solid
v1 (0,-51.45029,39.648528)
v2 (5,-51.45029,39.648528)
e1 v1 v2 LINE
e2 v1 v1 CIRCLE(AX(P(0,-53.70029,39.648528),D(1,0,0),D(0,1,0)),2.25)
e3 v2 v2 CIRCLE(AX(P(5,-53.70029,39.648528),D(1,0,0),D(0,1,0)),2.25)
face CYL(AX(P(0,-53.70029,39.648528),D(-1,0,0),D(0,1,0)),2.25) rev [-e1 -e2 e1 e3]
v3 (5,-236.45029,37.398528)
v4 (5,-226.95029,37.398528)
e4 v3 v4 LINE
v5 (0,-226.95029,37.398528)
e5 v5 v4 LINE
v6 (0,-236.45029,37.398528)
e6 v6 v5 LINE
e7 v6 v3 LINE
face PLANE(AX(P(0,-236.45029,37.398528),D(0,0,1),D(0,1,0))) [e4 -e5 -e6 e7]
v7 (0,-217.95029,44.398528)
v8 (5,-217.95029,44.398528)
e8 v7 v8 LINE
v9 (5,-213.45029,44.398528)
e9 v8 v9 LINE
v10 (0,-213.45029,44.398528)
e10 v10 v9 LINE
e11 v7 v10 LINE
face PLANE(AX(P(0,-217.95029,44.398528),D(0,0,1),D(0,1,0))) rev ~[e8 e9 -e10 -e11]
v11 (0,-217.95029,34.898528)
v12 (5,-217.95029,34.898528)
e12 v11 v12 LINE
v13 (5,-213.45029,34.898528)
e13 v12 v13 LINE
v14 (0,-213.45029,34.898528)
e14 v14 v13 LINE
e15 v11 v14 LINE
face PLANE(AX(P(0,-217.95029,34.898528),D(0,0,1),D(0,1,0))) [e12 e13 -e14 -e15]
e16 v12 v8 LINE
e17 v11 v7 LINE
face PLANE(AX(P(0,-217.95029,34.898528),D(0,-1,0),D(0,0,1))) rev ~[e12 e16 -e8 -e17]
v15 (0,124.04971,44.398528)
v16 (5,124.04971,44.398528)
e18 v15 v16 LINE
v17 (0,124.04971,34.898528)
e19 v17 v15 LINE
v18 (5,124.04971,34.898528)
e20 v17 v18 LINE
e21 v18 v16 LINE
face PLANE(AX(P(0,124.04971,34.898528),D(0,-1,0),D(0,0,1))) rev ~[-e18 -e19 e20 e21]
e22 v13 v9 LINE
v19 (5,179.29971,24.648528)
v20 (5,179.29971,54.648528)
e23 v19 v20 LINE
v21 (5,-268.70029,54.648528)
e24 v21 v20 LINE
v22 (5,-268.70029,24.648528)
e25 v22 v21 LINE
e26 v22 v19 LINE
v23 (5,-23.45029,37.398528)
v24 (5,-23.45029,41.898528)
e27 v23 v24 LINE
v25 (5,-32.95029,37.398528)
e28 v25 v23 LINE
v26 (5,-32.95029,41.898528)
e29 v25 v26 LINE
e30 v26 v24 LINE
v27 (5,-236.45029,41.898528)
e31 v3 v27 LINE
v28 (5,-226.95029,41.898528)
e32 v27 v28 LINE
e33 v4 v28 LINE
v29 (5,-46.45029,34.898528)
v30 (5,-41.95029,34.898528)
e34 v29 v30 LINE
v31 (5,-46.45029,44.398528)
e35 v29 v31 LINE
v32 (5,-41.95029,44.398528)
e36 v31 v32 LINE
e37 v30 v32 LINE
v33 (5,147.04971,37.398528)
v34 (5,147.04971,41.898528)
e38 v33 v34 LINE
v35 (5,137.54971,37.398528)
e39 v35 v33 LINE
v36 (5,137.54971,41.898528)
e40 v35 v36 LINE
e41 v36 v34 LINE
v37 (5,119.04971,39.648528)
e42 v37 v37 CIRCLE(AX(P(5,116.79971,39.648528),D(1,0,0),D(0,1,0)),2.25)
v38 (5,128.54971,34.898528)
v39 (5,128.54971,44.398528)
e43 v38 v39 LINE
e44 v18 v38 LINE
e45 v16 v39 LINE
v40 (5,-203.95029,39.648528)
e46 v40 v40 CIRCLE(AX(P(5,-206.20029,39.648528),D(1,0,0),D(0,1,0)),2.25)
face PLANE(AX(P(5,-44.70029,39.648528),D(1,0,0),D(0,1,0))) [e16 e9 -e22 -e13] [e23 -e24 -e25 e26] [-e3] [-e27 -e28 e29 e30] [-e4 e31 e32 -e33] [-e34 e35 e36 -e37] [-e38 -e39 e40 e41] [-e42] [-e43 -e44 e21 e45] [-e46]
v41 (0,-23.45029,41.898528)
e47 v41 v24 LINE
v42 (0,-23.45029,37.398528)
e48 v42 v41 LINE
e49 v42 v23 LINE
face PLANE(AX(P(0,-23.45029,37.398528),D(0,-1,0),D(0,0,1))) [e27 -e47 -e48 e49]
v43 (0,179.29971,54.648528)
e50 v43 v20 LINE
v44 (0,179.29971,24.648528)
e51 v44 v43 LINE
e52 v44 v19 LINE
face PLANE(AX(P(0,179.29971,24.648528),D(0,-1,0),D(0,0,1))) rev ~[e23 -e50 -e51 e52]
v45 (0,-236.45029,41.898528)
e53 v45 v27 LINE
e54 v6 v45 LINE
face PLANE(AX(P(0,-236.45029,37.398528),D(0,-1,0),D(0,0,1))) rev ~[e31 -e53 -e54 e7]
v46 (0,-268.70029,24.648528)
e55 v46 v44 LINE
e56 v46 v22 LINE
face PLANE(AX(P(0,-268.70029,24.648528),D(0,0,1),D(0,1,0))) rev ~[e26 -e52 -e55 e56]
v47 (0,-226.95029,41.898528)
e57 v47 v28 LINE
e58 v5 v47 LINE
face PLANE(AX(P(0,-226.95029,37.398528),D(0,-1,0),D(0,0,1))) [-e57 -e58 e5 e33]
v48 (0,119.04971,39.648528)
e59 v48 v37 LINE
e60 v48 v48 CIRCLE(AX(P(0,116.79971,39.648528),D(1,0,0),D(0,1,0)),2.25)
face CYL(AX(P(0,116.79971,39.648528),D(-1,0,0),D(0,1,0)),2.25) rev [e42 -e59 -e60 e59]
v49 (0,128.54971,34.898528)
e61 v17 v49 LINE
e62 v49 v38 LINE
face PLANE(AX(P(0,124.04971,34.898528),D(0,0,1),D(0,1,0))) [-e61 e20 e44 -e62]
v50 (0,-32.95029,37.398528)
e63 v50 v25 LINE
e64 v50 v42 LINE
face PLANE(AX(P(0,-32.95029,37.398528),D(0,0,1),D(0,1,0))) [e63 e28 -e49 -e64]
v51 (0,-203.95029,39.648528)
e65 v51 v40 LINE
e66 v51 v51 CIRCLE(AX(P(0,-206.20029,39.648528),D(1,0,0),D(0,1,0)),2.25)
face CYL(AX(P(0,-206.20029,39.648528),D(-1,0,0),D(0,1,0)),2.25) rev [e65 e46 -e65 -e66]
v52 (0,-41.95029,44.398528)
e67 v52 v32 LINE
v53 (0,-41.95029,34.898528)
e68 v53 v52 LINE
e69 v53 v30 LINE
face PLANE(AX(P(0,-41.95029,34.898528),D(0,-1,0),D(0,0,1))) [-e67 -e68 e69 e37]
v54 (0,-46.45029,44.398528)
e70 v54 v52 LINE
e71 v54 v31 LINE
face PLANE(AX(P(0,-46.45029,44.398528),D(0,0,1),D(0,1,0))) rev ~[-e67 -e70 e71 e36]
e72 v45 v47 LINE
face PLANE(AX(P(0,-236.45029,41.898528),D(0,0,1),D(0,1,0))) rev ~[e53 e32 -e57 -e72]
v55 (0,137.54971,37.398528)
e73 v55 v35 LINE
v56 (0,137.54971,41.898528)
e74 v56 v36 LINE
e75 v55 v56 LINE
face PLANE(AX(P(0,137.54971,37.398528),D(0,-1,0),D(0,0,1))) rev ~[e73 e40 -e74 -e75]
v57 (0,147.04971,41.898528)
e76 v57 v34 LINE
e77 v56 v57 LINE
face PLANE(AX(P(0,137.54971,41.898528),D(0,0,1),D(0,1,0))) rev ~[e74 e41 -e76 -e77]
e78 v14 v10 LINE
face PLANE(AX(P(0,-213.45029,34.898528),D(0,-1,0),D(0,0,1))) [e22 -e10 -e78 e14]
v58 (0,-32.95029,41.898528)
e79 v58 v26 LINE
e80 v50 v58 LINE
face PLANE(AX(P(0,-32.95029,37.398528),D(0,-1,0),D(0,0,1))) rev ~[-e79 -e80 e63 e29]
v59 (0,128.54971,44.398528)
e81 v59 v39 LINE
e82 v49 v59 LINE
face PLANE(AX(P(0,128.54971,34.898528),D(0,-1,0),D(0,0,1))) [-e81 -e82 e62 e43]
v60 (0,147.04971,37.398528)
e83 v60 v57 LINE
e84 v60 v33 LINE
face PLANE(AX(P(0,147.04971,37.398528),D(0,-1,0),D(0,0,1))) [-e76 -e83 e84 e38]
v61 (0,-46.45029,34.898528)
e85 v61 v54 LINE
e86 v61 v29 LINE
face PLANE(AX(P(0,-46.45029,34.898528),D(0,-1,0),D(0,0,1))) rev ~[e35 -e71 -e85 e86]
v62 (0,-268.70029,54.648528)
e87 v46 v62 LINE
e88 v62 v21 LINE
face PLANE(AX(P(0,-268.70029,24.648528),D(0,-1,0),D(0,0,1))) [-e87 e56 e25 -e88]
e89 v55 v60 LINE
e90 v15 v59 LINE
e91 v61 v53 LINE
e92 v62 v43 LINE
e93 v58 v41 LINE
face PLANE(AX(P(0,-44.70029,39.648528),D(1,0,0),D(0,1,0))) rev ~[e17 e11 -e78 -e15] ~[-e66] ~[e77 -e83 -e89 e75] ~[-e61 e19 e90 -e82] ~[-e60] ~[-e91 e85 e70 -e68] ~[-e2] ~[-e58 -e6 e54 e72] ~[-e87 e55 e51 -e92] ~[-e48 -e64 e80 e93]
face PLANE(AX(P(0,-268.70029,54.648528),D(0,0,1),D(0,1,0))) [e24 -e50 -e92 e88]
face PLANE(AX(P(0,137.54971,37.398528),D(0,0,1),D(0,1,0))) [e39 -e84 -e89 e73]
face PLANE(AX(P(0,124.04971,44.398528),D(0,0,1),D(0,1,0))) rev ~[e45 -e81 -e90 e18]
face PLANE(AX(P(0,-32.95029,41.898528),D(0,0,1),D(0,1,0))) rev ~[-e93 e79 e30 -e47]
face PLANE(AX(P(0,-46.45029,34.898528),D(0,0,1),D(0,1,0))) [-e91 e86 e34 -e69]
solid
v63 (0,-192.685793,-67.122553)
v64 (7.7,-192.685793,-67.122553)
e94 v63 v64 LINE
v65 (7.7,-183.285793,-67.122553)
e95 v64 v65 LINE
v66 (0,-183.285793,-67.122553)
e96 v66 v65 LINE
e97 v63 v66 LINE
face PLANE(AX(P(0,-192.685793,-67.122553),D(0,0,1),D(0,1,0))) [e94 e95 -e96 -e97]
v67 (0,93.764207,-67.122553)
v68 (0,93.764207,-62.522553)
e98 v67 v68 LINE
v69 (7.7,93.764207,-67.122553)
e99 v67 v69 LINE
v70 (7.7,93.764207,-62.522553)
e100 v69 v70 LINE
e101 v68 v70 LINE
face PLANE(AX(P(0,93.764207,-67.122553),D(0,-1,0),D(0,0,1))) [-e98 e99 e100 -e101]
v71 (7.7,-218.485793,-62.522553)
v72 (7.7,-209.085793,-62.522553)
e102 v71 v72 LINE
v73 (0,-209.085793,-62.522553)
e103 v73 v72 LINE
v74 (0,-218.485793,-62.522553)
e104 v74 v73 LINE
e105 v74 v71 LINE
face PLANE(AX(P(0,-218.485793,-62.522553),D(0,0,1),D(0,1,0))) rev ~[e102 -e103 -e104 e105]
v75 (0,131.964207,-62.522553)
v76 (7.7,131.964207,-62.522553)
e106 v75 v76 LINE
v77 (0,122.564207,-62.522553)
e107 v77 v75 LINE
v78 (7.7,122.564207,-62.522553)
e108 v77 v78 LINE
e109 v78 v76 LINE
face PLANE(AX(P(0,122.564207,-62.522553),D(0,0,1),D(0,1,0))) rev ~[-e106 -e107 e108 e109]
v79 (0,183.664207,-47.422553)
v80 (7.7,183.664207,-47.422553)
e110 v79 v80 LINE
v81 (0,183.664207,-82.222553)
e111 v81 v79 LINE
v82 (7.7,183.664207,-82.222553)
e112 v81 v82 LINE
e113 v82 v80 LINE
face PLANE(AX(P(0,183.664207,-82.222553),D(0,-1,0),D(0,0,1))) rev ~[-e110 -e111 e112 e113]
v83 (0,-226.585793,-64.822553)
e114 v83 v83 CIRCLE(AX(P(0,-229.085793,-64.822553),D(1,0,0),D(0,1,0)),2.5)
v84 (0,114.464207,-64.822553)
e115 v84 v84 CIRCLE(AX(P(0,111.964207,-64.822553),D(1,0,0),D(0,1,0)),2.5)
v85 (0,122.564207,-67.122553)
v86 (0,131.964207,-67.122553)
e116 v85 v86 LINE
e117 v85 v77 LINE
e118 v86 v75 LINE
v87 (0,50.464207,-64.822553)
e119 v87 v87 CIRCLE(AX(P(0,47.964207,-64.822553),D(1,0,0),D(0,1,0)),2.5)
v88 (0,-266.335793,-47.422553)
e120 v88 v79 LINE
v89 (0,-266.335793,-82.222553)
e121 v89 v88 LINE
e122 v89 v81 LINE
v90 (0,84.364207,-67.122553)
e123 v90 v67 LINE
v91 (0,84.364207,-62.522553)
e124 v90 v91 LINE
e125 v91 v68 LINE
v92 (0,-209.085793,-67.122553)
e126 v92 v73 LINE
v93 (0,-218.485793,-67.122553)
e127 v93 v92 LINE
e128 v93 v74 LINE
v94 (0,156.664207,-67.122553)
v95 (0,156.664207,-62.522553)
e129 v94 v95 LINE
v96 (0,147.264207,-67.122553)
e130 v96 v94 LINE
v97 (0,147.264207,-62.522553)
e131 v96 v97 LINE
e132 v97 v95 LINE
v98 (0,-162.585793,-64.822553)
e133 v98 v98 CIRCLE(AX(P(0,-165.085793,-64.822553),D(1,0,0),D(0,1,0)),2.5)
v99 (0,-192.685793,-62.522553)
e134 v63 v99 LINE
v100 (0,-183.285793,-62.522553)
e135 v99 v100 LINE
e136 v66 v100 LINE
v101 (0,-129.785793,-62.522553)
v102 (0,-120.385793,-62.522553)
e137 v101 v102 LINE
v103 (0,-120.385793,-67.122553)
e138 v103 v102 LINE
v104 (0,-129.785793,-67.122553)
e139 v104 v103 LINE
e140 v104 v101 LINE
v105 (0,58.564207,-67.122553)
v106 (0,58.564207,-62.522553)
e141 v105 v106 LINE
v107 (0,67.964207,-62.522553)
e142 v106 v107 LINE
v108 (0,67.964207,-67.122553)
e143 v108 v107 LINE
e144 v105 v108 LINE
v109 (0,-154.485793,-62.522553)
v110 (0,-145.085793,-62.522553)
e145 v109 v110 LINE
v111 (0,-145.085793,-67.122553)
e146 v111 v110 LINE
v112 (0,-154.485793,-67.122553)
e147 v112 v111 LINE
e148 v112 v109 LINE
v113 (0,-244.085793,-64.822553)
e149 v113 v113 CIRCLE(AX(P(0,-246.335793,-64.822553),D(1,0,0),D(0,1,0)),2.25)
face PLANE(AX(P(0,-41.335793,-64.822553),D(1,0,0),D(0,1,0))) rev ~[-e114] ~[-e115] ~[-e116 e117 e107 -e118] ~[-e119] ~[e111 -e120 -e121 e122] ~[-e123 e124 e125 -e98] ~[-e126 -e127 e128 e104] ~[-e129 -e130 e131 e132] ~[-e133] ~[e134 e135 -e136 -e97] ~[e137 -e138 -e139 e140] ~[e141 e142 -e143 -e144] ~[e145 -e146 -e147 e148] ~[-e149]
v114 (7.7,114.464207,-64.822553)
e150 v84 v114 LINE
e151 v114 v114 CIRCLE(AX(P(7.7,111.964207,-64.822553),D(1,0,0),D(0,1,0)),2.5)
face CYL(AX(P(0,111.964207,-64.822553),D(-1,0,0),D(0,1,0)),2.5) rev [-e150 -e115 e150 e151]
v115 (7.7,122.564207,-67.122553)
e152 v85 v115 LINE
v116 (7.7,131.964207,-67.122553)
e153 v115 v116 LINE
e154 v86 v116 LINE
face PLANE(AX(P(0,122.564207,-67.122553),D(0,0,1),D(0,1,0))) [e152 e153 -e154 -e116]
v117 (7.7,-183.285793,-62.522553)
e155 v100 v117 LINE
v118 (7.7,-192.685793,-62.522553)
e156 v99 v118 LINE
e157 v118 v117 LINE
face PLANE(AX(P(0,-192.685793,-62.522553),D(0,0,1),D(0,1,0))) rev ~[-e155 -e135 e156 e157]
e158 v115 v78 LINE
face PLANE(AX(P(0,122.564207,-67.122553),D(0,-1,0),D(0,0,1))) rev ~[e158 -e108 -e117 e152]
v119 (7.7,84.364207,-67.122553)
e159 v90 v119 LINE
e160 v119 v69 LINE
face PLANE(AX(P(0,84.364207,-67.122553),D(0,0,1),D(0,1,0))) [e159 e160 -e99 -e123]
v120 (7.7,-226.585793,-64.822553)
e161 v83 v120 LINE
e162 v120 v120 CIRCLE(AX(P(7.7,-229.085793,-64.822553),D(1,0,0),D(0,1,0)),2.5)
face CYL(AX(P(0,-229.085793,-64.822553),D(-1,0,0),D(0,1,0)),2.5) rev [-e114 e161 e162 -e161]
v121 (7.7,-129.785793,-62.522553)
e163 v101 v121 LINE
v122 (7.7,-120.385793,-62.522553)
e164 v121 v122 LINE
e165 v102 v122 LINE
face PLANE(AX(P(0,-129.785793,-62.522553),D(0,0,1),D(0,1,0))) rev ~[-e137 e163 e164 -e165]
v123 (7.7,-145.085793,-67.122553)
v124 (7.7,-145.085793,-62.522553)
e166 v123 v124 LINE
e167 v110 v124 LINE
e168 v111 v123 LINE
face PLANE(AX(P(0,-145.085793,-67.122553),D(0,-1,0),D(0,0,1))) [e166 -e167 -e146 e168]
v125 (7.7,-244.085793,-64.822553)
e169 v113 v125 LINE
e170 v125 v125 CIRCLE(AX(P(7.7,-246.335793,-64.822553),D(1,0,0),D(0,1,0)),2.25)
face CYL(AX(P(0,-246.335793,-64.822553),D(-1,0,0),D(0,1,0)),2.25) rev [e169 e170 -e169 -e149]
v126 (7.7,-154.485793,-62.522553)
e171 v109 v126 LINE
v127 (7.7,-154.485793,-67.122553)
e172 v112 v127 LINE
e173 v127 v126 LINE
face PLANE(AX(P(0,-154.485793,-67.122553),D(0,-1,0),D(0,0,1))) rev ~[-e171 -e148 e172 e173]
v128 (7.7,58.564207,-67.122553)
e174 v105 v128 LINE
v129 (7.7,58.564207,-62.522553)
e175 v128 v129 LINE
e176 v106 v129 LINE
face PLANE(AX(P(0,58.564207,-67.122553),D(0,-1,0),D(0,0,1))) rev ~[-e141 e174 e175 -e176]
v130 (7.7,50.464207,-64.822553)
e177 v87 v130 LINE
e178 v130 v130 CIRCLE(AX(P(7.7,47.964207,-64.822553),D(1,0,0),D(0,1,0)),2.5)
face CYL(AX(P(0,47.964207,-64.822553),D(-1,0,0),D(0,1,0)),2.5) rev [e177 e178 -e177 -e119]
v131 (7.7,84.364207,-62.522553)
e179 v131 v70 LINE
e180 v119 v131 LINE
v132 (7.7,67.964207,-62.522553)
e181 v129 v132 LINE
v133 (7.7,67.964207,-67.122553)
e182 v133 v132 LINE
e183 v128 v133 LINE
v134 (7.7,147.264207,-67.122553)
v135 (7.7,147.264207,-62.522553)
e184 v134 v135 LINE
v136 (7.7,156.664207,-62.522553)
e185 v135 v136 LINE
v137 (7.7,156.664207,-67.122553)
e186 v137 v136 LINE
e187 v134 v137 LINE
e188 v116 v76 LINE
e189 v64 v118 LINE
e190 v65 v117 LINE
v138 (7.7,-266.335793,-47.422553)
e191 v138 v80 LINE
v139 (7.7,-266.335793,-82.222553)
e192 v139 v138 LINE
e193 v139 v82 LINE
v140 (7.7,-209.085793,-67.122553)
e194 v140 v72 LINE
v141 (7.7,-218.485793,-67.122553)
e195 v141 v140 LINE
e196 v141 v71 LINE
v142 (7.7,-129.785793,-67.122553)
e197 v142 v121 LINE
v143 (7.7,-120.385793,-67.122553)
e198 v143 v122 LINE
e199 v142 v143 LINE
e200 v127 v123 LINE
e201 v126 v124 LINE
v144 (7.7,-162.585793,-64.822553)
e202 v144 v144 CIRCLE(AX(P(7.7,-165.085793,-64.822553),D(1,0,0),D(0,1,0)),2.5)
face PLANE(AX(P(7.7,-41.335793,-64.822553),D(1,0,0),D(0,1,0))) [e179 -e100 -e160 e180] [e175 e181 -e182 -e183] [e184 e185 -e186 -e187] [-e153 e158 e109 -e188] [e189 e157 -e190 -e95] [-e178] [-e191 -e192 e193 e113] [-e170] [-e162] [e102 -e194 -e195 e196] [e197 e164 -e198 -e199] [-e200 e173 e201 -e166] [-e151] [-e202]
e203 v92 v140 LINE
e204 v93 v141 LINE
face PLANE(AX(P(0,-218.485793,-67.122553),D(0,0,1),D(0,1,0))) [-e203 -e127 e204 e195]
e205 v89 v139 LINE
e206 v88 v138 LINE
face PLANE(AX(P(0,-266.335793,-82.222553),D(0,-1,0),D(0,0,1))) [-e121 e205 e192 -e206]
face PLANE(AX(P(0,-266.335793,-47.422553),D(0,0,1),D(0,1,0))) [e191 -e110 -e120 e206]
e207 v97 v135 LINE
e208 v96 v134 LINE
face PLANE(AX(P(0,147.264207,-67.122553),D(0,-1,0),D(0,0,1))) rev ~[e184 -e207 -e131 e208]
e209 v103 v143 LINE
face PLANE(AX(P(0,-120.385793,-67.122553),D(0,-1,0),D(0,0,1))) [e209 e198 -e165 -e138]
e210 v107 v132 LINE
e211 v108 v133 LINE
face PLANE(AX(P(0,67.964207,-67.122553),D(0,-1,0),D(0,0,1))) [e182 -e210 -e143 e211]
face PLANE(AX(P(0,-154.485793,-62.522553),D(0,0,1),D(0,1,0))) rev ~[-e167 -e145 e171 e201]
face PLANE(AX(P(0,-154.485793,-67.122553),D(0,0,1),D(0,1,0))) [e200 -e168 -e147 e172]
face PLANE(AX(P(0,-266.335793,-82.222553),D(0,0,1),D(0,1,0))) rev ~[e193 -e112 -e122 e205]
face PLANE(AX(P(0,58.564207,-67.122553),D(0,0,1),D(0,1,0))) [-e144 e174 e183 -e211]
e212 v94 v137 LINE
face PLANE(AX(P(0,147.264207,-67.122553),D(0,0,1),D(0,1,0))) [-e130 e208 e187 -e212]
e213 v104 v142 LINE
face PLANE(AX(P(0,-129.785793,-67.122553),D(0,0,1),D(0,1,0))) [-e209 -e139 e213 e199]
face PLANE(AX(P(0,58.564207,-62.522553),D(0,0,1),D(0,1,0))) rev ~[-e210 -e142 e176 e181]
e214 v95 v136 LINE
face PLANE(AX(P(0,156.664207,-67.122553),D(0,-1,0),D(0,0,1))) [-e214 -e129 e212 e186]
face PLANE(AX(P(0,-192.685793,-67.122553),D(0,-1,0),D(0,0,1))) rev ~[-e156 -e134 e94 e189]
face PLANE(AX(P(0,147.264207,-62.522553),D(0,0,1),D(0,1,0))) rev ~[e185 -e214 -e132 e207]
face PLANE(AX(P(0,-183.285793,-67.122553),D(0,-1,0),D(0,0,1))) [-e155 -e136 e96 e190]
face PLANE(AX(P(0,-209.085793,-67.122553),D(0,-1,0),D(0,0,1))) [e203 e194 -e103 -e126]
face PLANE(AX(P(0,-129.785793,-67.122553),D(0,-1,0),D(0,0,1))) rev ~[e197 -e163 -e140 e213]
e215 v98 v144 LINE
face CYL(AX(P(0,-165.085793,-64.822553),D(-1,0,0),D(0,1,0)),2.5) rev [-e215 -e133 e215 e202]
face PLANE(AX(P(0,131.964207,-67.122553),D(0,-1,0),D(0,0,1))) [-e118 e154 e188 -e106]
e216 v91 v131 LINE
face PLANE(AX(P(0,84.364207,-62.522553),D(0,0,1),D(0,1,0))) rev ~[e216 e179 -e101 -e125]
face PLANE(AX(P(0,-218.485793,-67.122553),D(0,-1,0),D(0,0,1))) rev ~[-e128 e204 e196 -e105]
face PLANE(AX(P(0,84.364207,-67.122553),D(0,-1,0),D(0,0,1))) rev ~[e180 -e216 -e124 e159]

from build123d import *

# Parameters (mm, degrees)
F0_W     = 450
F0_H     = 34.8
F0_R     = 2.25
F0_R_2   = 2.5
F0_W_2   = 9.4
F0_H_2   = 4.6
F2_DEPTH = 7.7
F1_W     = 448
F1_H     = 30
F1_W_2   = 9.5
F1_H_2   = 4.5
F1_W_3   = 4.5
F1_H_3   = 9.5
F1_R     = 2.25
F3_DEPTH = 5


with BuildPart() as f2:
    # F0 (on Right) → F2 (new body)
    with BuildSketch(Plane.YZ):
        with Locations((-41.335793, -64.822553)):
            Rectangle(F0_W, F0_H)
        with Locations((-246.335793, -64.822553)):
            Circle(F0_R, mode=Mode.SUBTRACT)
        with Locations((-229.085793, -64.822553)):
            Circle(F0_R_2, mode=Mode.SUBTRACT)
        with Locations((-213.785793, -64.822553)):
            Rectangle(F0_W_2, F0_H_2, mode=Mode.SUBTRACT)
        with Locations((-187.985793, -64.822553)):
            Rectangle(F0_W_2, F0_H_2, mode=Mode.SUBTRACT)
        with Locations((-165.085793, -64.822553)):
            Circle(F0_R_2, mode=Mode.SUBTRACT)
        with Locations((-149.785793, -64.822553)):
            Rectangle(F0_W_2, F0_H_2, mode=Mode.SUBTRACT)
        with Locations((-125.085793, -64.822553)):
            Rectangle(F0_W_2, F0_H_2, mode=Mode.SUBTRACT)
        with Locations((63.264207, -64.822553)):
            Rectangle(F0_W_2, F0_H_2, mode=Mode.SUBTRACT)
        with Locations((151.964207, -64.822553)):
            Rectangle(F0_W_2, F0_H_2, mode=Mode.SUBTRACT)
        with Locations((47.964207, -64.822553)):
            Circle(F0_R_2, mode=Mode.SUBTRACT)
        with Locations((89.064207, -64.822553)):
            Rectangle(F0_W_2, F0_H_2, mode=Mode.SUBTRACT)
        with Locations((111.964207, -64.822553)):
            Circle(F0_R_2, mode=Mode.SUBTRACT)
        with Locations((127.264207, -64.822553)):
            Rectangle(F0_W_2, F0_H_2, mode=Mode.SUBTRACT)
    extrude(amount=F2_DEPTH)


with BuildPart() as f3:
    # F1 (on Right) → F3 (new body)
    with BuildSketch(Plane.YZ):
        with Locations((-44.70029, 39.648528)):
            Rectangle(F1_W, F1_H)
        with Locations((-231.70029, 39.648528)):
            Rectangle(F1_W_2, F1_H_2, mode=Mode.SUBTRACT)
        with Locations((-215.70029, 39.648528)):
            Rectangle(F1_W_3, F1_H_3, mode=Mode.SUBTRACT)
        with Locations((-206.20029, 39.648528)):
            Circle(F1_R, mode=Mode.SUBTRACT)
        with Locations((-53.70029, 39.648528)):
            Circle(F1_R, mode=Mode.SUBTRACT)
        with Locations((-44.20029, 39.648528)):
            Rectangle(F1_W_3, F1_H_3, mode=Mode.SUBTRACT)
        with Locations((-28.20029, 39.648528)):
            Rectangle(F1_W_2, F1_H_2, mode=Mode.SUBTRACT)
        with Locations((116.79971, 39.648528)):
            Circle(F1_R, mode=Mode.SUBTRACT)
        with Locations((126.29971, 39.648528)):
            Rectangle(F1_W_3, F1_H_3, mode=Mode.SUBTRACT)
        with Locations((142.29971, 39.648528)):
            Rectangle(F1_W_2, F1_H_2, mode=Mode.SUBTRACT)
    extrude(amount=F3_DEPTH)


solid = Compound([f2.part, f3.part])
